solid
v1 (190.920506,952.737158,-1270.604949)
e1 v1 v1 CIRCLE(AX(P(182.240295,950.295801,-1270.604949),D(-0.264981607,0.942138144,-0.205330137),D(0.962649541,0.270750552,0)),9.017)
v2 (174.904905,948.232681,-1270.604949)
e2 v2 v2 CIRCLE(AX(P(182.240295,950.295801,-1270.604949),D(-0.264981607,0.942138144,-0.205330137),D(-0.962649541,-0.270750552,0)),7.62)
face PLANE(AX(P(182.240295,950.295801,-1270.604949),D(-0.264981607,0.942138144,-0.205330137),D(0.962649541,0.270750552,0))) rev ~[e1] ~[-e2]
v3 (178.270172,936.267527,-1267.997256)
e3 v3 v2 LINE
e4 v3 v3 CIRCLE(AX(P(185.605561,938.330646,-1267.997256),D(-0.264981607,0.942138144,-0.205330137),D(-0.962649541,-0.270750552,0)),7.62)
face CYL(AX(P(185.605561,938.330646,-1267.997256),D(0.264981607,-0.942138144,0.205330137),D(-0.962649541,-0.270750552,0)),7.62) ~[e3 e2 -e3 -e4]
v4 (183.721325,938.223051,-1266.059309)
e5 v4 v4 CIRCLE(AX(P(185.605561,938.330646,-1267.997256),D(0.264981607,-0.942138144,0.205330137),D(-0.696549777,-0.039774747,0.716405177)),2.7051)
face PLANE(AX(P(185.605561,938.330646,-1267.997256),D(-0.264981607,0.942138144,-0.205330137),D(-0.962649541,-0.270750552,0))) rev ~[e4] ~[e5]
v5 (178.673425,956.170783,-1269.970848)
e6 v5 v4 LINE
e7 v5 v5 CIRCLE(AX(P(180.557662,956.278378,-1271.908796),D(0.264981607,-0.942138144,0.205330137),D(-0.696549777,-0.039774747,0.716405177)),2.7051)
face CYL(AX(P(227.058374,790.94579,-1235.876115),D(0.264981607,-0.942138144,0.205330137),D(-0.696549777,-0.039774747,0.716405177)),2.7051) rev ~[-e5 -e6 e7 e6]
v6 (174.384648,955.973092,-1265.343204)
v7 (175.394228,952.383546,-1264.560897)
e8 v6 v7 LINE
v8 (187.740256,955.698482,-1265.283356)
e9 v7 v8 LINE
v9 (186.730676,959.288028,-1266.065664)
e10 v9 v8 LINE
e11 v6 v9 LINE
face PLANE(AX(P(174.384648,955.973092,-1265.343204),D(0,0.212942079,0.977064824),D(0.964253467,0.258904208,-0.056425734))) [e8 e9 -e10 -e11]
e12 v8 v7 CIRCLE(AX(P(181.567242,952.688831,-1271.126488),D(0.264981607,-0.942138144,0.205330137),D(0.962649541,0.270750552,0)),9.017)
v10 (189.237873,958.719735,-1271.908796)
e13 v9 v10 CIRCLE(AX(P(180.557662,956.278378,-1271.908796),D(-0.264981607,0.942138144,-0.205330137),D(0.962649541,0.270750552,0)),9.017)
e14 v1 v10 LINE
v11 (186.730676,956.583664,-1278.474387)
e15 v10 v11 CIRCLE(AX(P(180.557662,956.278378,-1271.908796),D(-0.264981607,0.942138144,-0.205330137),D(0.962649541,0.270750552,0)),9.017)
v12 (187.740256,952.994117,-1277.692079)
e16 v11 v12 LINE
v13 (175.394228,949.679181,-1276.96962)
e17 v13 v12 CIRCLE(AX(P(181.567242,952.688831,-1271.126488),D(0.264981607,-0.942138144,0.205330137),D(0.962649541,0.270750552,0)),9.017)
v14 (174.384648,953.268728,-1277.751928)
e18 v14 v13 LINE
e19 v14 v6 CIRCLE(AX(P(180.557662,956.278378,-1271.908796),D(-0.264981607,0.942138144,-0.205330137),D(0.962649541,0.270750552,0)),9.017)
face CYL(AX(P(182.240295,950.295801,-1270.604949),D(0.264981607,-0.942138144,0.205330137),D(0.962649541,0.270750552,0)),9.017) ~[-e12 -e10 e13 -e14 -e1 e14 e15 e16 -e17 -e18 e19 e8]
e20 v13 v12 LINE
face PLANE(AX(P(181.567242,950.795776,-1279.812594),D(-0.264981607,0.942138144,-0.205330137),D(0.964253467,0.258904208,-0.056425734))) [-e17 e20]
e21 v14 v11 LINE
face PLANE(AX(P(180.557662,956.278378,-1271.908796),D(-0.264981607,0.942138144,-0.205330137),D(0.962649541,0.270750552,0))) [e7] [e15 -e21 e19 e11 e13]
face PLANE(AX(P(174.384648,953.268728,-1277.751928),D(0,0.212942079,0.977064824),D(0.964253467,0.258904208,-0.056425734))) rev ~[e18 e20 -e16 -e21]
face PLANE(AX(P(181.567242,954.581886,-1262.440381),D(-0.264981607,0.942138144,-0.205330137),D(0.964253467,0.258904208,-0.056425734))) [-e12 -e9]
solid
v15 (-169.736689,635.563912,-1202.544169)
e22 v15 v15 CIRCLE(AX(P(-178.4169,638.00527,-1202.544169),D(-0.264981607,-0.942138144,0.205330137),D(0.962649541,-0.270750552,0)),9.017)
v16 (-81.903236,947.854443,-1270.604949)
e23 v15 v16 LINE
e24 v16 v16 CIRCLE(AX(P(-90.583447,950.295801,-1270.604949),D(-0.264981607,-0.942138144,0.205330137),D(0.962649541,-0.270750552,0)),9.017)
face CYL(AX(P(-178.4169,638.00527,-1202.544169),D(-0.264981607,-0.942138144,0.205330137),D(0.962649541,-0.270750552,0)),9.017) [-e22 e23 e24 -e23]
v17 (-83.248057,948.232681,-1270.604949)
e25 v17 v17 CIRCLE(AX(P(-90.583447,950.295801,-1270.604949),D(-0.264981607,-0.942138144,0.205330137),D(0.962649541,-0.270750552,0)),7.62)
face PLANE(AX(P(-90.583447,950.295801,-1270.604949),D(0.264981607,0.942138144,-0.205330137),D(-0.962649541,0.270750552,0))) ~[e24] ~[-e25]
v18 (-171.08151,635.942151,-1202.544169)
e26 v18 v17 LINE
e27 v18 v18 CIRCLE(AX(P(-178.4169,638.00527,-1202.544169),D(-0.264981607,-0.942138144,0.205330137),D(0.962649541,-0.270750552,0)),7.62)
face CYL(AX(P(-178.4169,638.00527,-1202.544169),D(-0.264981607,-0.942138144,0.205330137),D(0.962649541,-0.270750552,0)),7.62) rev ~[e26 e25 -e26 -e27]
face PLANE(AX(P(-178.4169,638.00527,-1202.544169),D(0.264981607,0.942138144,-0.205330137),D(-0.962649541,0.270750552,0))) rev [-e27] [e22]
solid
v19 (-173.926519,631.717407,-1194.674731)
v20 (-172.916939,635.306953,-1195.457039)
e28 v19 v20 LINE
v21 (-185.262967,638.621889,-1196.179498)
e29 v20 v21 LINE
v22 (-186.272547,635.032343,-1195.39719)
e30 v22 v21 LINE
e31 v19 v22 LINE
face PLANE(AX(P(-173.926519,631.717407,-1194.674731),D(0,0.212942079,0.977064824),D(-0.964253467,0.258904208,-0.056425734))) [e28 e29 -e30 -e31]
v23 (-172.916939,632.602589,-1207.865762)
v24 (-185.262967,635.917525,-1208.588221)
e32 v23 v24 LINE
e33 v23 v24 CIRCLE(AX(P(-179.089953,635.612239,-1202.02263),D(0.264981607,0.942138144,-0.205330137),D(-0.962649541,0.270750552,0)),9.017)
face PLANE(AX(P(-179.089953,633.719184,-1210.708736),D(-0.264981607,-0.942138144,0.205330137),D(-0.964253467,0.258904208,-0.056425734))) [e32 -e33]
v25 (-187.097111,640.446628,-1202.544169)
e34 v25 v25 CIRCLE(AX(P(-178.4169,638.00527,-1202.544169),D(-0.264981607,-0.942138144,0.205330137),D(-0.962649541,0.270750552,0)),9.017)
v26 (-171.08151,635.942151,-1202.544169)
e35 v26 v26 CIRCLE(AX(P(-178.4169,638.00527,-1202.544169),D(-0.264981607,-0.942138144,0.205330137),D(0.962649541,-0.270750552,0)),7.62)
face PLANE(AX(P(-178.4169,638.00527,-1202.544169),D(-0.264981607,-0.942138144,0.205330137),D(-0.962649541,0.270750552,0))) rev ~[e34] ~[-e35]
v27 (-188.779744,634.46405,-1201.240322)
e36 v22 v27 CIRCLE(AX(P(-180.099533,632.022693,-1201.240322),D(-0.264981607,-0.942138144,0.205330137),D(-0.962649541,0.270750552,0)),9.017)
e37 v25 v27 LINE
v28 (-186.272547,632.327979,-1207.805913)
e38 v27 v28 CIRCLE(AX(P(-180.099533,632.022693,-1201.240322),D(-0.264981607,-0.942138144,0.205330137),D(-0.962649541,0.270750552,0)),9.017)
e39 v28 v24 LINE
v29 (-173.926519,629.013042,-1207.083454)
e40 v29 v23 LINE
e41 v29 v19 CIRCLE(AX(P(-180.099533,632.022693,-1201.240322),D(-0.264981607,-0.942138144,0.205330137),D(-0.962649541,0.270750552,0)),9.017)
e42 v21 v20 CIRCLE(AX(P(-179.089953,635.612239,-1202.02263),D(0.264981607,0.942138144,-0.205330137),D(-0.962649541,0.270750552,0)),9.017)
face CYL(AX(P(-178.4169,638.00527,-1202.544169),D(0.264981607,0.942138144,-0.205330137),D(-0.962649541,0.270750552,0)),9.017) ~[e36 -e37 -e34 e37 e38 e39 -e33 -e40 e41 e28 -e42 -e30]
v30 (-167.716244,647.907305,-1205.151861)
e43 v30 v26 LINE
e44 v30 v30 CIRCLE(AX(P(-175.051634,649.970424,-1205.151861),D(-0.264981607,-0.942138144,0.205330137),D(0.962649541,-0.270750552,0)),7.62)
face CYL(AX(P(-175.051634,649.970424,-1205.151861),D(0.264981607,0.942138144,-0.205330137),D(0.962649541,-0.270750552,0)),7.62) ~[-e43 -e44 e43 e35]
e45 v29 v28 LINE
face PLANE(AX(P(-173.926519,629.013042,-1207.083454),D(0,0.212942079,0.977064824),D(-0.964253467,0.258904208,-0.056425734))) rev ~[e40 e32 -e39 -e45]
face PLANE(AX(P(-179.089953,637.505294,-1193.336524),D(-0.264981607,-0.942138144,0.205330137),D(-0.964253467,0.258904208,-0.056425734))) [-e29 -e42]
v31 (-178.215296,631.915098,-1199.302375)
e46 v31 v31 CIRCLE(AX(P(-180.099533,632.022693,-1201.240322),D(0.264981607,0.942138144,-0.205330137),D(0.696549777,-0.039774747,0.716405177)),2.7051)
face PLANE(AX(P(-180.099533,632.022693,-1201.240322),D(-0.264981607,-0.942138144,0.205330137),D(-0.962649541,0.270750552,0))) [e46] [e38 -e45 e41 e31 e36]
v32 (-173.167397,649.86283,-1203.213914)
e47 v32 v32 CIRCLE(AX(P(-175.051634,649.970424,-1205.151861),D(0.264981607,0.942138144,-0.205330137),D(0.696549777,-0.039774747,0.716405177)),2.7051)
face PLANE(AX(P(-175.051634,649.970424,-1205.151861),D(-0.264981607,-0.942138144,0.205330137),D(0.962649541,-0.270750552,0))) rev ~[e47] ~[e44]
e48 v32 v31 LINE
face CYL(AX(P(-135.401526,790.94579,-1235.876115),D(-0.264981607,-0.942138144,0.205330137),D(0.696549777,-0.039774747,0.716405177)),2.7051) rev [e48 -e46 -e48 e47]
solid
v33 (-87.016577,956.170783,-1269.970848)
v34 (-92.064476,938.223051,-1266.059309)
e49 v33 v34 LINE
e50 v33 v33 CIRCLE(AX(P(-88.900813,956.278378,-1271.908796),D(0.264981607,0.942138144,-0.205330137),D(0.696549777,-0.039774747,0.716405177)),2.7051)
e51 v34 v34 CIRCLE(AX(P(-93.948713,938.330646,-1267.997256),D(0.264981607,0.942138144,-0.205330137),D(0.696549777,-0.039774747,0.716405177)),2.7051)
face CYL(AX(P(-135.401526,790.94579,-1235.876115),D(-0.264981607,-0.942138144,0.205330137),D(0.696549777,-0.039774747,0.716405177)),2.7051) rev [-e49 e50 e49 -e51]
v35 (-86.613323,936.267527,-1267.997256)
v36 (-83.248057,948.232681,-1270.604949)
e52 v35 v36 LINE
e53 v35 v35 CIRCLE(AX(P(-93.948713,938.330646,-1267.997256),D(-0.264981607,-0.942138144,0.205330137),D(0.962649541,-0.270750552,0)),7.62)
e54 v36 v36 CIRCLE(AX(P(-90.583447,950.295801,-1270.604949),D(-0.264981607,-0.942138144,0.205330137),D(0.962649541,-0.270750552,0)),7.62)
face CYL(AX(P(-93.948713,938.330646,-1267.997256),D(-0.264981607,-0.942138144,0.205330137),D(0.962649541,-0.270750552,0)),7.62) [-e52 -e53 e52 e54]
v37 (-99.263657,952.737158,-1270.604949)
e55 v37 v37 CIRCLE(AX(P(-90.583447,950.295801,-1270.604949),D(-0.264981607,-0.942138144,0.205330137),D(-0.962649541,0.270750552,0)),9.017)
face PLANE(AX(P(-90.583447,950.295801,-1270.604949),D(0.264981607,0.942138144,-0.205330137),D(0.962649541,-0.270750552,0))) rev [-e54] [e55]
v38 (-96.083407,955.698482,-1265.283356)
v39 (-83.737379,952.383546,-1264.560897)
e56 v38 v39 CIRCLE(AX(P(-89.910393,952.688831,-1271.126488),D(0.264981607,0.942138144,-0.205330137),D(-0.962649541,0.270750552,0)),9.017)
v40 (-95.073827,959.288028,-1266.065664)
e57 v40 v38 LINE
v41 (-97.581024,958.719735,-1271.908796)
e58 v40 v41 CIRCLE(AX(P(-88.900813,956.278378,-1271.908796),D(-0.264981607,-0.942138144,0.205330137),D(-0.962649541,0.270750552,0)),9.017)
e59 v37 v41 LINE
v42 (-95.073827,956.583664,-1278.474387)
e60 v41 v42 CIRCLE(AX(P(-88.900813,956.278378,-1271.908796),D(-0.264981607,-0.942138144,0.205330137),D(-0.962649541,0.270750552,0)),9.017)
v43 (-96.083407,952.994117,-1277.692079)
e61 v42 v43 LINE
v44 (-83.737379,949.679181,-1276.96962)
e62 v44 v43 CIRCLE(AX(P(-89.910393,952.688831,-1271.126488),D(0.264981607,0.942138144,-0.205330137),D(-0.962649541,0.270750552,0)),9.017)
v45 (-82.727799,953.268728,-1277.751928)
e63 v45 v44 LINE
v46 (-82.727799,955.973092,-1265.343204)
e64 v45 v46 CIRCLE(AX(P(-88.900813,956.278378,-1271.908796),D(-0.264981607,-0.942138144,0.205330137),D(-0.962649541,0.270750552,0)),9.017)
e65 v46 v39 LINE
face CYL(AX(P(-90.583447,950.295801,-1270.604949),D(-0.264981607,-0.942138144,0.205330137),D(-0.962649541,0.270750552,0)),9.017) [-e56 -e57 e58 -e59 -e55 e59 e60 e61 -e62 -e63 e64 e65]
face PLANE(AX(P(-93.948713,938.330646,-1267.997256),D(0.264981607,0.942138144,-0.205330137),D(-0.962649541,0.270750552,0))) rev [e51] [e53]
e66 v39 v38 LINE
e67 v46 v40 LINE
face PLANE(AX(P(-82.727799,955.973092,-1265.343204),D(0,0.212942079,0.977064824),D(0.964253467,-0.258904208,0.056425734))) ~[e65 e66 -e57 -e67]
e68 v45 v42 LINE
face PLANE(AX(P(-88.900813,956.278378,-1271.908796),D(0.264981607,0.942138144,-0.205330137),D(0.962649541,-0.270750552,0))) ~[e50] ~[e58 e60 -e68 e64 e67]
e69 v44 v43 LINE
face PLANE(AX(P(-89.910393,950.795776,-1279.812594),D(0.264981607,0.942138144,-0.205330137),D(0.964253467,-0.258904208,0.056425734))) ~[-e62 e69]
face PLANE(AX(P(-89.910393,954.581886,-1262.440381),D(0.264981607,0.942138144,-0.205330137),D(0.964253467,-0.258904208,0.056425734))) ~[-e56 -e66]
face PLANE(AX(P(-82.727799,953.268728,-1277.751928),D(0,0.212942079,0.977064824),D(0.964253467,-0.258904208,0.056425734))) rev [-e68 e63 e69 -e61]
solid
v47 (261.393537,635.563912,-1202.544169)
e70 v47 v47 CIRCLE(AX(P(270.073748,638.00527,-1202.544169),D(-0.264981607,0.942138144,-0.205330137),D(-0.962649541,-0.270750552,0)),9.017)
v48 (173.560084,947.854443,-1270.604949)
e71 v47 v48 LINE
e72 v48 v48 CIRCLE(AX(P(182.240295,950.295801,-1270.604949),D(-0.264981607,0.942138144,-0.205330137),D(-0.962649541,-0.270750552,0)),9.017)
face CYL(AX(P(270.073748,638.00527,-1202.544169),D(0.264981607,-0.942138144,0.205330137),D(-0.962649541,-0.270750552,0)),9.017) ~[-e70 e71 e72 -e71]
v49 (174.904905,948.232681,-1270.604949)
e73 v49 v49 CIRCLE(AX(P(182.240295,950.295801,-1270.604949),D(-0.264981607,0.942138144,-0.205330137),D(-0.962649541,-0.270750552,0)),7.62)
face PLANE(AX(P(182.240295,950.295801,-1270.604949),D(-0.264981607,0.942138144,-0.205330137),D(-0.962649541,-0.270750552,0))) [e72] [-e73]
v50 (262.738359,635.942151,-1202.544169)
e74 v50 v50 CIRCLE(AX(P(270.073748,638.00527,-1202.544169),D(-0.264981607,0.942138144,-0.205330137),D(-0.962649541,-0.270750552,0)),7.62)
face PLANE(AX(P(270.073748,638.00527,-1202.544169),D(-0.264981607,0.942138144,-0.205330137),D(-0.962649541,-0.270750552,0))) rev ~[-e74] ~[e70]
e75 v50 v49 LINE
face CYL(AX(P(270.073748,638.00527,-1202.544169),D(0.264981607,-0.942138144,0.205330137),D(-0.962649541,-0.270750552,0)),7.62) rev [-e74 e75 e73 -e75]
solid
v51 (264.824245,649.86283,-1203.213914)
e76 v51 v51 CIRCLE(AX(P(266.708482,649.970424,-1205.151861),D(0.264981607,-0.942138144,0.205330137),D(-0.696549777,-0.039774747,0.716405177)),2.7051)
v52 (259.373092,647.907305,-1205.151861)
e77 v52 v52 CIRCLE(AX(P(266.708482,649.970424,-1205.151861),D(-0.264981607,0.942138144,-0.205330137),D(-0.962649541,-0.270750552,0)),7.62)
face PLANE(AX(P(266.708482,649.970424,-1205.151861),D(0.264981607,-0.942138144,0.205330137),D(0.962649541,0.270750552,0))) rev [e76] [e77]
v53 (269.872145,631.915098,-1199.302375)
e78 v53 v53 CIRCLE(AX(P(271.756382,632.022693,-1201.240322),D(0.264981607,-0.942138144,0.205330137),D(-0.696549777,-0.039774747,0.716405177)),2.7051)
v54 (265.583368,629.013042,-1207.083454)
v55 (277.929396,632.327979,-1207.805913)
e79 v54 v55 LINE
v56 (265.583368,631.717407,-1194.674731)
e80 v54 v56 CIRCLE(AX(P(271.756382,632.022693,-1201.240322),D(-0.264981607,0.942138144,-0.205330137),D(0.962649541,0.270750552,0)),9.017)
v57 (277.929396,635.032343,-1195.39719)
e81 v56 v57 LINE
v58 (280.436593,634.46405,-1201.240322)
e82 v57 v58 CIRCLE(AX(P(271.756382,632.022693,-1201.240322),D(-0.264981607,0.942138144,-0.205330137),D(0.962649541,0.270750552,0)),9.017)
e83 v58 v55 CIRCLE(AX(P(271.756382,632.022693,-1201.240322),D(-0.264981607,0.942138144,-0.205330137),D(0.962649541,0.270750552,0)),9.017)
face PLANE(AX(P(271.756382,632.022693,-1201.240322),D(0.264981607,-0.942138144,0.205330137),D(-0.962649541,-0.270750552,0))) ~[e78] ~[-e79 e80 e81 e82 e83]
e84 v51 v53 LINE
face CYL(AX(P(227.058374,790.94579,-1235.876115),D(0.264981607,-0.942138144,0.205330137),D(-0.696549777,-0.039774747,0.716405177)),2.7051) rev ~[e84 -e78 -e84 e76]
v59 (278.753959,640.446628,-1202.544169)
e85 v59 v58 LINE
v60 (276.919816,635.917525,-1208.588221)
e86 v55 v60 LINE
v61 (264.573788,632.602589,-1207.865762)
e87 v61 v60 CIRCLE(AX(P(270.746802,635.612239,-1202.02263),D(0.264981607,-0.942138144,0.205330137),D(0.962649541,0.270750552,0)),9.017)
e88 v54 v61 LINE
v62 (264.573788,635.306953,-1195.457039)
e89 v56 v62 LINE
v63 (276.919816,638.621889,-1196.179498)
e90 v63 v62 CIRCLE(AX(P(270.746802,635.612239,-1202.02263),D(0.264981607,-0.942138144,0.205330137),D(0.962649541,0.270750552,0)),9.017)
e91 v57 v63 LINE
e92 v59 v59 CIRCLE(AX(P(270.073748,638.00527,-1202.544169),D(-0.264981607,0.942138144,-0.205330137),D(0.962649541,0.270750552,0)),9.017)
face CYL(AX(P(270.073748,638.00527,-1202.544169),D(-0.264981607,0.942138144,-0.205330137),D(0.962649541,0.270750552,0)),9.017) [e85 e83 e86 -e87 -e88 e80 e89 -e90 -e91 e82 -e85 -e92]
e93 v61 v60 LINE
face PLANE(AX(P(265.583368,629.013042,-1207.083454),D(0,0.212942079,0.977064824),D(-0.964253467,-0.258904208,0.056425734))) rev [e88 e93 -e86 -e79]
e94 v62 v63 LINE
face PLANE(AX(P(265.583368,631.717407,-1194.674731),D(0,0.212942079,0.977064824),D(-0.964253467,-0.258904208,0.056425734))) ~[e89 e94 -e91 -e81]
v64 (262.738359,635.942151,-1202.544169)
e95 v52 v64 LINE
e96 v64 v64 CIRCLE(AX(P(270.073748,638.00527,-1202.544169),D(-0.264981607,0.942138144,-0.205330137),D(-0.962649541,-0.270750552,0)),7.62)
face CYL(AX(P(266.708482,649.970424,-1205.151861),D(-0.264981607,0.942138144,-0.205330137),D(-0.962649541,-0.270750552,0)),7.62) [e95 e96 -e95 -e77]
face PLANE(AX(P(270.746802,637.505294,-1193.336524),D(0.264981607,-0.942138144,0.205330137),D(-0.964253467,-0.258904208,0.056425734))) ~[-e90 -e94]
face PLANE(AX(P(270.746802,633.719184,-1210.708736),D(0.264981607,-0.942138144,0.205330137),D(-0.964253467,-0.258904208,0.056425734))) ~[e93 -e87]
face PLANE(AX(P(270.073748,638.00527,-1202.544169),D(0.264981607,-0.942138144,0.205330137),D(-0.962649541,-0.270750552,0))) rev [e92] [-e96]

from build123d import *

# Parameters (mm, degrees)
SKETCH2_R           = 9.017
SKETCH2_R_2         = 7.62
BOSS_EXTRUDE1_DEPTH = 331.47
SKETCH3_R           = 9.017
BOSS_EXTRUDE2_DEPTH = 6.35
BOSS_EXTRUDE3_START = -12.7
SKETCH4_R           = 7.62
BOSS_EXTRUDE3_DEPTH = 12.7
SKETCH7_W           = 12.803716492
SKETCH7_H           = 5.08
CUT_EXTRUDE1_DEPTH  = 3.81
SKETCH5_W           = 2.7051
SKETCH5_H           = 350.973131874


with BuildPart() as part:
    # Sketch2 → Boss-Extrude1 (new body)
    with BuildSketch(Plane(origin=(270.073748387, 638.005269943, -1202.544168583), x_dir=(0.9642534665209616, 0.25890420779705253, -0.056425734264515276), z_dir=(-0.264981607479291, 0.94213814400187, -0.20533013737491812))):
        with Locations(Location((0, 0, 0), (0, 0, 176.694825711))):
            Circle(SKETCH2_R)
        with Locations(Location((0, 0, 0), (0, 0, 176.694825711))):
            Circle(SKETCH2_R_2, mode=Mode.SUBTRACT)
    extrude(amount=BOSS_EXTRUDE1_DEPTH)


with BuildPart() as body_2:
    # Sketch3 → Boss-Extrude2 (new body)
    with BuildSketch(Plane(origin=(-293.576590008, 1043.807176898, -227.487945786), x_dir=(0.9642534665209616, 0.2589042077970525, -0.05642573426451526), z_dir=(-0.2649816074792909, 0.9421381440018699, -0.20533013737491818))):
        with Locations(Location((493.456234781, 1039.105438699, 0), (0, 0, 356.694825711))):
            Circle(SKETCH3_R)
    extrude(amount=BOSS_EXTRUDE2_DEPTH)

    # Sketch4 → Boss-Extrude3 (add)
    with BuildSketch(Plane(origin=(-293.576590008, 1043.807176898, -227.487945786), x_dir=(0.9642534665209616, 0.2589042077970525, -0.05642573426451526), z_dir=(-0.2649816074792909, 0.9421381440018699, -0.20533013737491818)).offset(BOSS_EXTRUDE3_START)):
        with Locations(Location((493.456234781, 1039.105438699, 0), (0, 0, 176.694825711))):
            Circle(SKETCH4_R)
    extrude(amount=BOSS_EXTRUDE3_DEPTH)

    # Sketch7 → Cut-Extrude1 (cut)
    with BuildSketch(Plane(origin=(-295.259223216, 1049.789754113, -228.791792158), x_dir=(0.9642534665209614, 0.25890420779705253, -0.0564257342645153), z_dir=(-0.264981607479291, 0.9421381440018699, -0.20533013737491826))):
        with Locations((493.456234781, 1047.995438699)):
            Rectangle(SKETCH7_W, SKETCH7_H)
        with Locations((493.456234781, 1030.215438699)):
            Rectangle(SKETCH7_W, SKETCH7_H)
    extrude(amount=-CUT_EXTRUDE1_DEPTH, mode=Mode.SUBTRACT)


with BuildPart() as body_3:
    # Mirror1: mirrored copy
    add(body_2.part.mirror(Plane(origin=(-249.659863293, 887.661911602, -193.457555468), x_dir=(-0.05559324808449576, 0.1976609624630484, 0.9786927682810357), z_dir=(-0.26498160747929095, 0.9421381440018699, -0.20533013737491854))))


with BuildPart() as f_1_4_28_tapped_hole1_tool:
    # Sketch5 → 1/4-28 Tapped Hole1 (revolve)
    with BuildSketch(Plane(origin=(180.557661748, 956.27837775, -1271.908795591), x_dir=(-0.6965497765919672, -0.039774746654788216, 0.7164051774367827), z_dir=(0.6667856900289403, 0.3328568568397835, 0.6667856900289403))):
        with Locations((1.35255, 175.486565937)):
            Rectangle(SKETCH5_W, SKETCH5_H)
    revolve(axis=Axis((178.875028541, 962.260954965, -1273.212641964), (0.2649816074792941, -0.9421381440018695, 0.20533013737491645)))


with BuildPart() as body_2_1:
    add(body_2.part)

    # 1/4-28 Tapped Hole1: cut by f_1_4_28_tapped_hole1_tool
    add(f_1_4_28_tapped_hole1_tool.part, mode=Mode.SUBTRACT)


with BuildPart() as body_3_1:
    add(body_3.part)

    # 1/4-28 Tapped Hole1: cut by f_1_4_28_tapped_hole1_tool
    add(f_1_4_28_tapped_hole1_tool.part, mode=Mode.SUBTRACT)


with BuildPart() as body_4:
    # Mirror2: mirrored copy
    add(body_3_1.part.mirror(Plane(origin=(45.828424217, 0, 0), x_dir=(0, 0, 1), z_dir=(1, 0, 0))))


with BuildPart() as body_5:
    # Mirror2 2: mirrored copy
    add(body_2_1.part.mirror(Plane(origin=(45.828424217, 0, 0), x_dir=(0, 0, 1), z_dir=(1, 0, 0))))


with BuildPart() as body_6:
    # Mirror2 3: mirrored copy
    add(part.part.mirror(Plane(origin=(45.828424217, 0, 0), x_dir=(0, 0, 1), z_dir=(1, 0, 0))))


solid = Compound([part.part, body_2_1.part, body_3_1.part, body_4.part, body_5.part, body_6.part])
